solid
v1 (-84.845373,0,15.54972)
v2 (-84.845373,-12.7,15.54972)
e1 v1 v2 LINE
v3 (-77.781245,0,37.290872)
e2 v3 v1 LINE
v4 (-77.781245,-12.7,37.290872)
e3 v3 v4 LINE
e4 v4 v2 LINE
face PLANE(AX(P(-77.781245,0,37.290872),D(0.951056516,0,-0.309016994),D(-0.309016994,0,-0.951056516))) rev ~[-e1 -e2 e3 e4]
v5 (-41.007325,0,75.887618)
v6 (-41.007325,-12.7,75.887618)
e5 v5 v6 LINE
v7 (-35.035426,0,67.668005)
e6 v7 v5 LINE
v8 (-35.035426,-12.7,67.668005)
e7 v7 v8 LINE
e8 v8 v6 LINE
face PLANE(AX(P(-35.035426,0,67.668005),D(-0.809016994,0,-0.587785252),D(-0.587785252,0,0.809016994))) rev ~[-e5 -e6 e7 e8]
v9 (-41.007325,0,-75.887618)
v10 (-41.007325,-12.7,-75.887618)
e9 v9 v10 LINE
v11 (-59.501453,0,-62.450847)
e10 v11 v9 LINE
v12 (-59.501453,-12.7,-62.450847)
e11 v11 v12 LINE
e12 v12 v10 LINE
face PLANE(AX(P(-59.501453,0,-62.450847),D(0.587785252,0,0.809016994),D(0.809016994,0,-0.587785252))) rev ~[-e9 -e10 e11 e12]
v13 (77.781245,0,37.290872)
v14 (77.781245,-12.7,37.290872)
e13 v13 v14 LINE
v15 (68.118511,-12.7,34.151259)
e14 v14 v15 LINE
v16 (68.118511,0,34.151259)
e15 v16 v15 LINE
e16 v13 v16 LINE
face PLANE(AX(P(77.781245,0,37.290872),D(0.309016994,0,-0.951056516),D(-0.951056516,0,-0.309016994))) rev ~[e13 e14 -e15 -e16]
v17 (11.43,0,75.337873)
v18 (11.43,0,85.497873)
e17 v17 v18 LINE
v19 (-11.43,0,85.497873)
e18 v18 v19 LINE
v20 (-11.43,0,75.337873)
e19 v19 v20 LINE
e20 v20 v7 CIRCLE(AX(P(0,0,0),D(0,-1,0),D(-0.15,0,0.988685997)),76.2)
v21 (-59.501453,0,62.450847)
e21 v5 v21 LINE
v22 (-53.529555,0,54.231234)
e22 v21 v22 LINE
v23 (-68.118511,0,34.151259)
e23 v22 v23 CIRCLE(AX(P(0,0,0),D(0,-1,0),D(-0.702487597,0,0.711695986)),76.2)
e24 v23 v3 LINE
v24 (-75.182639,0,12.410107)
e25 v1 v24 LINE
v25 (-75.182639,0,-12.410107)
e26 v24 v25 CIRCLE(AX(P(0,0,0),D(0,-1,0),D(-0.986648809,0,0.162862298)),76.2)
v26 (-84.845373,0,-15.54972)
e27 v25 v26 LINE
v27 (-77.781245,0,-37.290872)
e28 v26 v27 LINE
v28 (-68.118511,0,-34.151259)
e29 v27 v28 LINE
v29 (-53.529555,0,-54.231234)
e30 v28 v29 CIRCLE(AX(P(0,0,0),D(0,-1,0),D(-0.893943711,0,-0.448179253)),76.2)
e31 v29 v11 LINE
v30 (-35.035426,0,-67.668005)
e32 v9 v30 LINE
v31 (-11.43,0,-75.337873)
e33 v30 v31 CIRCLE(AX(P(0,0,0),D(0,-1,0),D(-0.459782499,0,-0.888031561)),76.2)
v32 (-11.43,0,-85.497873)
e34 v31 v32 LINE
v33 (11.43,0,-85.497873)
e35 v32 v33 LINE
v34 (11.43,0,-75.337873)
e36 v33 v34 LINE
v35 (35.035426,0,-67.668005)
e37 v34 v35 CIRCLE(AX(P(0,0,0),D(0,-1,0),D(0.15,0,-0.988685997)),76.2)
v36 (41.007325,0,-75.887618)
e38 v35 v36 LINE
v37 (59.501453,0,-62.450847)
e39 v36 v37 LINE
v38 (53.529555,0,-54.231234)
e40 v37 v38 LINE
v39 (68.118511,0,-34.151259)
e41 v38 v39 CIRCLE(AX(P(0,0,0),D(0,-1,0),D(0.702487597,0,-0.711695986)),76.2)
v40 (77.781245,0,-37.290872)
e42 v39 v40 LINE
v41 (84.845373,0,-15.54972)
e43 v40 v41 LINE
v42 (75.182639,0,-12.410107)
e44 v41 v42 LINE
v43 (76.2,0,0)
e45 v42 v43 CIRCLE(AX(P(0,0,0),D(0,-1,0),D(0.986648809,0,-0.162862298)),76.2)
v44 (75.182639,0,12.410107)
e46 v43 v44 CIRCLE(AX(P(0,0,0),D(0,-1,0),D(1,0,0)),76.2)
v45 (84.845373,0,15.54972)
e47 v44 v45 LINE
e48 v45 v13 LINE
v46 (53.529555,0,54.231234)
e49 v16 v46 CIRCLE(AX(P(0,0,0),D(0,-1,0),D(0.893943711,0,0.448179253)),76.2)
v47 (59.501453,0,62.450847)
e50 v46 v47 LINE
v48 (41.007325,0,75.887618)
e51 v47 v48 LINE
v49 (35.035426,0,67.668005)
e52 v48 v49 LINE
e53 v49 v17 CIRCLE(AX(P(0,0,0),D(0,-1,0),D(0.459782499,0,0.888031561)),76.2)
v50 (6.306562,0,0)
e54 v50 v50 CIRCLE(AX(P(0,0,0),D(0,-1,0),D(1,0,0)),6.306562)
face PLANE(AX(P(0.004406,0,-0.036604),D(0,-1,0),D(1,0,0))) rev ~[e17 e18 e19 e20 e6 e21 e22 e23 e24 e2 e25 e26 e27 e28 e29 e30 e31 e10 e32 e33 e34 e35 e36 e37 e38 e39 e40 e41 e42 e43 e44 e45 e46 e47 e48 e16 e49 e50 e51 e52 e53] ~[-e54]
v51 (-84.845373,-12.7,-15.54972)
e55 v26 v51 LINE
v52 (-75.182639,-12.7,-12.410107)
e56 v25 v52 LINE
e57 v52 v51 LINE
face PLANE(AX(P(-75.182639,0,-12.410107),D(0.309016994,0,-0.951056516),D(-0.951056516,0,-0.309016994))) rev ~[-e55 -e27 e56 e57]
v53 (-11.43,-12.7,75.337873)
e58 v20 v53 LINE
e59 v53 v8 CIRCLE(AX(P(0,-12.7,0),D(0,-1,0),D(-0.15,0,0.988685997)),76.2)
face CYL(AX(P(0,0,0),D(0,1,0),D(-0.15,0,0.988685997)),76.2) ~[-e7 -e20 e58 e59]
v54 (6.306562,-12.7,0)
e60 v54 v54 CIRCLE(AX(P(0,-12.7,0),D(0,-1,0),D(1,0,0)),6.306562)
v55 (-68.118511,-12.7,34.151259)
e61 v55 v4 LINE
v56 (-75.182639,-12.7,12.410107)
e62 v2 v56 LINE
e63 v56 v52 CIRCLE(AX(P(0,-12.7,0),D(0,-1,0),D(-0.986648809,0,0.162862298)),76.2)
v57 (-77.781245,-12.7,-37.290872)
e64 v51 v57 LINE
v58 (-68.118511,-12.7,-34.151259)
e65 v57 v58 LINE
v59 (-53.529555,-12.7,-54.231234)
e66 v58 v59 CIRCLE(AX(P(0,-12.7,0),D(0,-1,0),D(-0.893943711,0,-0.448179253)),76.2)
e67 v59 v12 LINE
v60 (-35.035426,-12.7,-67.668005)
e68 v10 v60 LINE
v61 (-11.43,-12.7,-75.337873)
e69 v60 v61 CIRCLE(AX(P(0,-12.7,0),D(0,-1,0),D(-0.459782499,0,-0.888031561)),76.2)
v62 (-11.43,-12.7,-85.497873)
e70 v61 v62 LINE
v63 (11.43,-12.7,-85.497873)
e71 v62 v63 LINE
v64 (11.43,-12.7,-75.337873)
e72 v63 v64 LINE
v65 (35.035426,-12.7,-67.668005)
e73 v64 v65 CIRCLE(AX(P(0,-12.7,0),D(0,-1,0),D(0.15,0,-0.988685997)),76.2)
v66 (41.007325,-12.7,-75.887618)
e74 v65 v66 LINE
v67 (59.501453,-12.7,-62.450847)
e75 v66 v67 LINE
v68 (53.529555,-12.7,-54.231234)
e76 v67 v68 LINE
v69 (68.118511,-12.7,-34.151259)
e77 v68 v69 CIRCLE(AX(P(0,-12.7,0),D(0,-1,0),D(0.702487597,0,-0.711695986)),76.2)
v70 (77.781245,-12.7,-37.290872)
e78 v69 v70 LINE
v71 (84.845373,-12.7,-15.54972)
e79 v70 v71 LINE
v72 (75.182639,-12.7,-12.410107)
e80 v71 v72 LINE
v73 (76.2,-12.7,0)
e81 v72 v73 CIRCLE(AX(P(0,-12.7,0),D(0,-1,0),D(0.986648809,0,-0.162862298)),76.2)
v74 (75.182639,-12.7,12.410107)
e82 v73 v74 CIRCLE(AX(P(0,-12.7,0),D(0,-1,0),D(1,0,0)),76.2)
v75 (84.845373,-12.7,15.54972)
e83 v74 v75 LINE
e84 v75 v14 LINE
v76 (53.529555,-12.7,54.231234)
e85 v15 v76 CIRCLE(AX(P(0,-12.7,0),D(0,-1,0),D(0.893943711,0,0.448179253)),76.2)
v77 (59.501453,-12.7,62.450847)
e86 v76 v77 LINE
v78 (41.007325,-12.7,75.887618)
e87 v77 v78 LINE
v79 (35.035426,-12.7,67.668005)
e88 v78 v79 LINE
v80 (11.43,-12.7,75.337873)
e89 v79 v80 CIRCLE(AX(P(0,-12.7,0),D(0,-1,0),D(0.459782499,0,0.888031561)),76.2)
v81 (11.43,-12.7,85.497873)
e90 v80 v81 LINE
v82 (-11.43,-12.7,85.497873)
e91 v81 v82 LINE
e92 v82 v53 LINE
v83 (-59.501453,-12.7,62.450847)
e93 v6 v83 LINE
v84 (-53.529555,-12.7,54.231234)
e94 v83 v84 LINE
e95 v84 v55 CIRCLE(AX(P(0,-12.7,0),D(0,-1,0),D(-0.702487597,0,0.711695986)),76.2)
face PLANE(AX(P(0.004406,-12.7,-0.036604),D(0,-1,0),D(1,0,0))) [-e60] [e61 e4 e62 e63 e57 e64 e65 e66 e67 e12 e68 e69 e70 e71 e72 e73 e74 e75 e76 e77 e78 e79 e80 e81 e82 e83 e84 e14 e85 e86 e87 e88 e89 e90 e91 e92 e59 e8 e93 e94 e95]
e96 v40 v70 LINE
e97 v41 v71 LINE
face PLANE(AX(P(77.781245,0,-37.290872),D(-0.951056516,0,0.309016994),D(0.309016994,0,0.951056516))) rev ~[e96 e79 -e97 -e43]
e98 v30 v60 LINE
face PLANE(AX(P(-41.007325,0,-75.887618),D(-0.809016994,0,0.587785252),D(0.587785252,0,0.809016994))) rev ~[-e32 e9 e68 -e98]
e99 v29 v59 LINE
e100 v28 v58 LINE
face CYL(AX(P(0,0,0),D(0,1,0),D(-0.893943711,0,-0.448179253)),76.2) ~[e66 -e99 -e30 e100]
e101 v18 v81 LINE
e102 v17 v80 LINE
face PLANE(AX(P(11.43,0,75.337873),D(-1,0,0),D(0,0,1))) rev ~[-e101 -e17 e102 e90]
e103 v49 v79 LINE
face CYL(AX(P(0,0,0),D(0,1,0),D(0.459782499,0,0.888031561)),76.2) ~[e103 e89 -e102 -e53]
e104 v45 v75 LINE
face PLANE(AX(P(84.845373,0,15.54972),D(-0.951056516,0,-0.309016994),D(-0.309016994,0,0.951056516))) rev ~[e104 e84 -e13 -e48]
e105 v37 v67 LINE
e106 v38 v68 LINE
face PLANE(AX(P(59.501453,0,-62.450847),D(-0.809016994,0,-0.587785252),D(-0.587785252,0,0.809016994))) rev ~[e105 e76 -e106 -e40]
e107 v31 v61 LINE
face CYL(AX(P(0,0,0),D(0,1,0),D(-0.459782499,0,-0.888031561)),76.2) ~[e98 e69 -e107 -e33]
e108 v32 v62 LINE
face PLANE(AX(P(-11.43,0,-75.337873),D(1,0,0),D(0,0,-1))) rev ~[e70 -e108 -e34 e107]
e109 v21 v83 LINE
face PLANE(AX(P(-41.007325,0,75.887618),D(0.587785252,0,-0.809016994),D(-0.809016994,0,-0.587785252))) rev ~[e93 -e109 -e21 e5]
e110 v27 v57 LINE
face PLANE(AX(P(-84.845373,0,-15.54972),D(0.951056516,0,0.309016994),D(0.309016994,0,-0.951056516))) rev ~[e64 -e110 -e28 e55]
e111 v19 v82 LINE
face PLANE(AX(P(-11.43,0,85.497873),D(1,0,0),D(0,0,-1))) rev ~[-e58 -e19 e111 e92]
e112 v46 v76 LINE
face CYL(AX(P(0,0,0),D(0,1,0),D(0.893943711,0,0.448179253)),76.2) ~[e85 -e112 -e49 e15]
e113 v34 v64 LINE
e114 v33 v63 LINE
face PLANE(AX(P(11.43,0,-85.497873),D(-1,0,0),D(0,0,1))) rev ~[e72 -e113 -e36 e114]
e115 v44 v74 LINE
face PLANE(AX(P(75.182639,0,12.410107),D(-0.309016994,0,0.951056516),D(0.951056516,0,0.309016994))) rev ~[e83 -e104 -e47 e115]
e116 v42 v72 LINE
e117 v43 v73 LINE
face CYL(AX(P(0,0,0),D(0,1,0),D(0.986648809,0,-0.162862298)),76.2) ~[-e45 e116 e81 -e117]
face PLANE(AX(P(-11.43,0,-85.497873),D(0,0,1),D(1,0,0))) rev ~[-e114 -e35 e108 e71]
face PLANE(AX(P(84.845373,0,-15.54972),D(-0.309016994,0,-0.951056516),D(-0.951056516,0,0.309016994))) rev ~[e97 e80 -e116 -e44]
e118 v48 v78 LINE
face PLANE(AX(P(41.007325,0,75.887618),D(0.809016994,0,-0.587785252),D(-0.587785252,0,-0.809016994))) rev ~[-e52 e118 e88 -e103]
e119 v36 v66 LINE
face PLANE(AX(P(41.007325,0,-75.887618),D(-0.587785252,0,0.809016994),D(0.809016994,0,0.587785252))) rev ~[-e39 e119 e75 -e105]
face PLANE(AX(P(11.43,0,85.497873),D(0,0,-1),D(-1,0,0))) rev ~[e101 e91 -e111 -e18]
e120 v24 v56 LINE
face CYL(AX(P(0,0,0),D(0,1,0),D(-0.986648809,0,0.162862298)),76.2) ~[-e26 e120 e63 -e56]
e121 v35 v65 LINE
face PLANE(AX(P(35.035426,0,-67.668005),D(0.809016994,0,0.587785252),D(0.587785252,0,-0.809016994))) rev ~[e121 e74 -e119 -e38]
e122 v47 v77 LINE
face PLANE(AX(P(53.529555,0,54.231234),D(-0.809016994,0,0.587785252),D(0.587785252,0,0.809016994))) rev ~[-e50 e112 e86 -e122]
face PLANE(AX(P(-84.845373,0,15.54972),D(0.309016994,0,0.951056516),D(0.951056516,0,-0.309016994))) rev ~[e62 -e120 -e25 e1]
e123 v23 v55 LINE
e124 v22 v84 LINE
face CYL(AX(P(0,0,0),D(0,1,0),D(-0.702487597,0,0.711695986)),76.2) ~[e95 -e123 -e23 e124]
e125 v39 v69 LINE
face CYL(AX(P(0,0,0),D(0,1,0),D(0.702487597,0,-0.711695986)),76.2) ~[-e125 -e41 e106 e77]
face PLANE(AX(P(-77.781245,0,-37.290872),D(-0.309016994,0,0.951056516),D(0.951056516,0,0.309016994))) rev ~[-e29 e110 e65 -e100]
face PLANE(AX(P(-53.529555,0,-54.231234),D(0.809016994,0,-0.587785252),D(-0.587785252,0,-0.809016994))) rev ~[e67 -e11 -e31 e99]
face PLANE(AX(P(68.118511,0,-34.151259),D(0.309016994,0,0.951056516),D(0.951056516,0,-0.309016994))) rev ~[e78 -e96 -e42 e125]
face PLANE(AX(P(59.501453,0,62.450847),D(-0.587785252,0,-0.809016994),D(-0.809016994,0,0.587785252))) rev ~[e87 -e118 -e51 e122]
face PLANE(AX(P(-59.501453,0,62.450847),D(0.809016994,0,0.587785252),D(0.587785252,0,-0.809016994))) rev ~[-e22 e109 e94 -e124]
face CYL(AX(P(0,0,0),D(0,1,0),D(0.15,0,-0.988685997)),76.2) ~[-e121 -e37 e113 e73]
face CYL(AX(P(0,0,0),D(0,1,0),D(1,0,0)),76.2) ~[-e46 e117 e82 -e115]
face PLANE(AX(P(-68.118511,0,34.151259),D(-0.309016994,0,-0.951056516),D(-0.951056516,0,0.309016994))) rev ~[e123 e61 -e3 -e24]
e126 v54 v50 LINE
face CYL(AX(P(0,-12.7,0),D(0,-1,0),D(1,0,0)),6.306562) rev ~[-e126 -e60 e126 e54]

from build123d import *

# Parameters (mm, degrees)
F1_DEPTH = 12.7
F2_R     = 6.3065615495
F3_DEPTH = 12.7


with BuildPart() as f1:
    # F0 (on Front) → F1 (new body)
    with BuildSketch(Plane.XZ):
        with BuildLine():
            ThreePointArc((75.1826392346, -12.4101070791), (75.9452339179, -6.2258690285), (76.2, 0))
            ThreePointArc((76.2, 0), (75.9452339179, 6.2258690285), (75.1826392346, 12.4101070791))
            ThreePointArc((75.1826392346, 12.4101070791), (72.4705065417, 23.5470949714), (68.1185107432, 34.1512590416))
            ThreePointArc((68.1185107432, 34.1512590416), (61.6470949714, 44.7892362247), (53.5295549023, 54.2312340995))
            ThreePointArc((53.5295549023, 54.2312340995), (44.7892362247, 61.6470949714), (35.0354264109, 67.6680049669))
            ThreePointArc((35.0354264109, 67.6680049669), (23.5470949714, 72.4705065417), (11.43, 75.3378729458))
            Line((11.43, 75.3378729458), (-11.43, 75.3378729458))
            ThreePointArc((-11.43, 75.3378729458), (-23.5470949714, 72.4705065417), (-35.0354264109, 67.6680049669))
            ThreePointArc((-35.0354264109, 67.6680049669), (-44.7892362247, 61.6470949714), (-53.5295549023, 54.2312340995))
            ThreePointArc((-53.5295549023, 54.2312340995), (-61.6470949714, 44.7892362247), (-68.1185107432, 34.1512590416))
            ThreePointArc((-68.1185107432, 34.1512590416), (-72.4705065417, 23.5470949714), (-75.1826392346, 12.4101070791))
            ThreePointArc((-75.1826392346, 12.4101070791), (-76.2, 0), (-75.1826392346, -12.4101070791))
            ThreePointArc((-75.1826392346, -12.4101070791), (-72.4705065417, -23.5470949714), (-68.1185107432, -34.1512590416))
            ThreePointArc((-68.1185107432, -34.1512590416), (-61.6470949714, -44.7892362247), (-53.5295549023, -54.2312340995))
            ThreePointArc((-53.5295549023, -54.2312340995), (-44.7892362247, -61.6470949714), (-35.0354264109, -67.6680049669))
            ThreePointArc((-35.0354264109, -67.6680049669), (-23.5470949714, -72.4705065417), (-11.43, -75.3378729458))
            ThreePointArc((-11.43, -75.3378729458), (0, -76.2), (11.43, -75.3378729458))
            ThreePointArc((11.43, -75.3378729458), (23.5470949714, -72.4705065417), (35.0354264109, -67.6680049669))
            ThreePointArc((35.0354264109, -67.6680049669), (44.7892362247, -61.6470949714), (53.5295549023, -54.2312340995))
            ThreePointArc((53.5295549023, -54.2312340995), (61.6470949714, -44.7892362247), (68.1185107432, -34.1512590416))
            ThreePointArc((68.1185107432, -34.1512590416), (72.4705065417, -23.5470949714), (75.1826392346, -12.4101070791))
        make_face()
        with BuildLine():
            ThreePointArc((68.1185107432, 34.1512590416), (72.4705065417, 23.5470949714), (75.1826392346, 12.4101070791))
            Line((75.1826392346, 12.4101070791), (84.8453734402, 15.5497197419))
            Line((84.8453734402, 15.5497197419), (77.7812449488, 37.2908717044))
            Line((77.7812449488, 37.2908717044), (68.1185107432, 34.1512590416))
        make_face()
        with BuildLine():
            Line((84.8453734402, -15.5497197419), (75.1826392346, -12.4101070791))
            ThreePointArc((75.1826392346, -12.4101070791), (72.4705065417, -23.5470949714), (68.1185107432, -34.1512590416))
            Line((68.1185107432, -34.1512590416), (77.7812449488, -37.2908717044))
            Line((77.7812449488, -37.2908717044), (84.8453734402, -15.5497197419))
        make_face()
        with BuildLine():
            ThreePointArc((35.0354264109, 67.6680049669), (44.7892362247, 61.6470949714), (53.5295549023, 54.2312340995))
            Line((53.5295549023, 54.2312340995), (59.5014530656, 62.4508467624))
            Line((59.5014530656, 62.4508467624), (41.0073245742, 75.8876176298))
            Line((41.0073245742, 75.8876176298), (35.0354264109, 67.6680049669))
        make_face()
        with BuildLine():
            Line((59.5014530656, -62.4508467624), (53.5295549023, -54.2312340995))
            ThreePointArc((53.5295549023, -54.2312340995), (44.7892362247, -61.6470949714), (35.0354264109, -67.6680049669))
            Line((35.0354264109, -67.6680049669), (41.0073245742, -75.8876176298))
            Line((41.0073245742, -75.8876176298), (59.5014530656, -62.4508467624))
        make_face()
        with BuildLine():
            Line((-11.43, 75.3378729458), (11.43, 75.3378729458))
            ThreePointArc((11.43, 75.3378729458), (0, 76.2), (-11.43, 75.3378729458))
        make_face()
        with BuildLine():
            ThreePointArc((-11.43, 75.3378729458), (0, 76.2), (11.43, 75.3378729458))
            Line((11.43, 75.3378729458), (11.43, 85.4978729458))
            Line((11.43, 85.4978729458), (-11.43, 85.4978729458))
            Line((-11.43, 85.4978729458), (-11.43, 75.3378729458))
        make_face()
        with BuildLine():
            Line((11.43, -85.4978729458), (11.43, -75.3378729458))
            ThreePointArc((11.43, -75.3378729458), (0, -76.2), (-11.43, -75.3378729458))
            Line((-11.43, -75.3378729458), (-11.43, -85.4978729458))
            Line((-11.43, -85.4978729458), (11.43, -85.4978729458))
        make_face()
        with BuildLine():
            ThreePointArc((-53.5295549023, 54.2312340995), (-44.7892362247, 61.6470949714), (-35.0354264109, 67.6680049669))
            Line((-35.0354264109, 67.6680049669), (-41.0073245742, 75.8876176298))
            Line((-41.0073245742, 75.8876176298), (-59.5014530656, 62.4508467624))
            Line((-59.5014530656, 62.4508467624), (-53.5295549023, 54.2312340995))
        make_face()
        with BuildLine():
            Line((-41.0073245742, -75.8876176298), (-35.0354264109, -67.6680049669))
            ThreePointArc((-35.0354264109, -67.6680049669), (-44.7892362247, -61.6470949714), (-53.5295549023, -54.2312340995))
            Line((-53.5295549023, -54.2312340995), (-59.5014530656, -62.4508467624))
            Line((-59.5014530656, -62.4508467624), (-41.0073245742, -75.8876176298))
        make_face()
        with BuildLine():
            ThreePointArc((-75.1826392346, 12.4101070791), (-72.4705065417, 23.5470949714), (-68.1185107432, 34.1512590416))
            Line((-68.1185107432, 34.1512590416), (-77.7812449488, 37.2908717044))
            Line((-77.7812449488, 37.2908717044), (-84.8453734402, 15.5497197419))
            Line((-84.8453734402, 15.5497197419), (-75.1826392346, 12.4101070791))
        make_face()
        with BuildLine():
            Line((-77.7812449488, -37.2908717044), (-68.1185107432, -34.1512590416))
            ThreePointArc((-68.1185107432, -34.1512590416), (-72.4705065417, -23.5470949714), (-75.1826392346, -12.4101070791))
            Line((-75.1826392346, -12.4101070791), (-84.8453734402, -15.5497197419))
            Line((-84.8453734402, -15.5497197419), (-77.7812449488, -37.2908717044))
        make_face()
    extrude(amount=F1_DEPTH)

    # F2 (on face) → F3 (cut)
    with BuildSketch(Plane.XZ.offset(12.7)):
        Circle(F2_R)
    extrude(amount=-F3_DEPTH, mode=Mode.SUBTRACT)


solid = f1.part
